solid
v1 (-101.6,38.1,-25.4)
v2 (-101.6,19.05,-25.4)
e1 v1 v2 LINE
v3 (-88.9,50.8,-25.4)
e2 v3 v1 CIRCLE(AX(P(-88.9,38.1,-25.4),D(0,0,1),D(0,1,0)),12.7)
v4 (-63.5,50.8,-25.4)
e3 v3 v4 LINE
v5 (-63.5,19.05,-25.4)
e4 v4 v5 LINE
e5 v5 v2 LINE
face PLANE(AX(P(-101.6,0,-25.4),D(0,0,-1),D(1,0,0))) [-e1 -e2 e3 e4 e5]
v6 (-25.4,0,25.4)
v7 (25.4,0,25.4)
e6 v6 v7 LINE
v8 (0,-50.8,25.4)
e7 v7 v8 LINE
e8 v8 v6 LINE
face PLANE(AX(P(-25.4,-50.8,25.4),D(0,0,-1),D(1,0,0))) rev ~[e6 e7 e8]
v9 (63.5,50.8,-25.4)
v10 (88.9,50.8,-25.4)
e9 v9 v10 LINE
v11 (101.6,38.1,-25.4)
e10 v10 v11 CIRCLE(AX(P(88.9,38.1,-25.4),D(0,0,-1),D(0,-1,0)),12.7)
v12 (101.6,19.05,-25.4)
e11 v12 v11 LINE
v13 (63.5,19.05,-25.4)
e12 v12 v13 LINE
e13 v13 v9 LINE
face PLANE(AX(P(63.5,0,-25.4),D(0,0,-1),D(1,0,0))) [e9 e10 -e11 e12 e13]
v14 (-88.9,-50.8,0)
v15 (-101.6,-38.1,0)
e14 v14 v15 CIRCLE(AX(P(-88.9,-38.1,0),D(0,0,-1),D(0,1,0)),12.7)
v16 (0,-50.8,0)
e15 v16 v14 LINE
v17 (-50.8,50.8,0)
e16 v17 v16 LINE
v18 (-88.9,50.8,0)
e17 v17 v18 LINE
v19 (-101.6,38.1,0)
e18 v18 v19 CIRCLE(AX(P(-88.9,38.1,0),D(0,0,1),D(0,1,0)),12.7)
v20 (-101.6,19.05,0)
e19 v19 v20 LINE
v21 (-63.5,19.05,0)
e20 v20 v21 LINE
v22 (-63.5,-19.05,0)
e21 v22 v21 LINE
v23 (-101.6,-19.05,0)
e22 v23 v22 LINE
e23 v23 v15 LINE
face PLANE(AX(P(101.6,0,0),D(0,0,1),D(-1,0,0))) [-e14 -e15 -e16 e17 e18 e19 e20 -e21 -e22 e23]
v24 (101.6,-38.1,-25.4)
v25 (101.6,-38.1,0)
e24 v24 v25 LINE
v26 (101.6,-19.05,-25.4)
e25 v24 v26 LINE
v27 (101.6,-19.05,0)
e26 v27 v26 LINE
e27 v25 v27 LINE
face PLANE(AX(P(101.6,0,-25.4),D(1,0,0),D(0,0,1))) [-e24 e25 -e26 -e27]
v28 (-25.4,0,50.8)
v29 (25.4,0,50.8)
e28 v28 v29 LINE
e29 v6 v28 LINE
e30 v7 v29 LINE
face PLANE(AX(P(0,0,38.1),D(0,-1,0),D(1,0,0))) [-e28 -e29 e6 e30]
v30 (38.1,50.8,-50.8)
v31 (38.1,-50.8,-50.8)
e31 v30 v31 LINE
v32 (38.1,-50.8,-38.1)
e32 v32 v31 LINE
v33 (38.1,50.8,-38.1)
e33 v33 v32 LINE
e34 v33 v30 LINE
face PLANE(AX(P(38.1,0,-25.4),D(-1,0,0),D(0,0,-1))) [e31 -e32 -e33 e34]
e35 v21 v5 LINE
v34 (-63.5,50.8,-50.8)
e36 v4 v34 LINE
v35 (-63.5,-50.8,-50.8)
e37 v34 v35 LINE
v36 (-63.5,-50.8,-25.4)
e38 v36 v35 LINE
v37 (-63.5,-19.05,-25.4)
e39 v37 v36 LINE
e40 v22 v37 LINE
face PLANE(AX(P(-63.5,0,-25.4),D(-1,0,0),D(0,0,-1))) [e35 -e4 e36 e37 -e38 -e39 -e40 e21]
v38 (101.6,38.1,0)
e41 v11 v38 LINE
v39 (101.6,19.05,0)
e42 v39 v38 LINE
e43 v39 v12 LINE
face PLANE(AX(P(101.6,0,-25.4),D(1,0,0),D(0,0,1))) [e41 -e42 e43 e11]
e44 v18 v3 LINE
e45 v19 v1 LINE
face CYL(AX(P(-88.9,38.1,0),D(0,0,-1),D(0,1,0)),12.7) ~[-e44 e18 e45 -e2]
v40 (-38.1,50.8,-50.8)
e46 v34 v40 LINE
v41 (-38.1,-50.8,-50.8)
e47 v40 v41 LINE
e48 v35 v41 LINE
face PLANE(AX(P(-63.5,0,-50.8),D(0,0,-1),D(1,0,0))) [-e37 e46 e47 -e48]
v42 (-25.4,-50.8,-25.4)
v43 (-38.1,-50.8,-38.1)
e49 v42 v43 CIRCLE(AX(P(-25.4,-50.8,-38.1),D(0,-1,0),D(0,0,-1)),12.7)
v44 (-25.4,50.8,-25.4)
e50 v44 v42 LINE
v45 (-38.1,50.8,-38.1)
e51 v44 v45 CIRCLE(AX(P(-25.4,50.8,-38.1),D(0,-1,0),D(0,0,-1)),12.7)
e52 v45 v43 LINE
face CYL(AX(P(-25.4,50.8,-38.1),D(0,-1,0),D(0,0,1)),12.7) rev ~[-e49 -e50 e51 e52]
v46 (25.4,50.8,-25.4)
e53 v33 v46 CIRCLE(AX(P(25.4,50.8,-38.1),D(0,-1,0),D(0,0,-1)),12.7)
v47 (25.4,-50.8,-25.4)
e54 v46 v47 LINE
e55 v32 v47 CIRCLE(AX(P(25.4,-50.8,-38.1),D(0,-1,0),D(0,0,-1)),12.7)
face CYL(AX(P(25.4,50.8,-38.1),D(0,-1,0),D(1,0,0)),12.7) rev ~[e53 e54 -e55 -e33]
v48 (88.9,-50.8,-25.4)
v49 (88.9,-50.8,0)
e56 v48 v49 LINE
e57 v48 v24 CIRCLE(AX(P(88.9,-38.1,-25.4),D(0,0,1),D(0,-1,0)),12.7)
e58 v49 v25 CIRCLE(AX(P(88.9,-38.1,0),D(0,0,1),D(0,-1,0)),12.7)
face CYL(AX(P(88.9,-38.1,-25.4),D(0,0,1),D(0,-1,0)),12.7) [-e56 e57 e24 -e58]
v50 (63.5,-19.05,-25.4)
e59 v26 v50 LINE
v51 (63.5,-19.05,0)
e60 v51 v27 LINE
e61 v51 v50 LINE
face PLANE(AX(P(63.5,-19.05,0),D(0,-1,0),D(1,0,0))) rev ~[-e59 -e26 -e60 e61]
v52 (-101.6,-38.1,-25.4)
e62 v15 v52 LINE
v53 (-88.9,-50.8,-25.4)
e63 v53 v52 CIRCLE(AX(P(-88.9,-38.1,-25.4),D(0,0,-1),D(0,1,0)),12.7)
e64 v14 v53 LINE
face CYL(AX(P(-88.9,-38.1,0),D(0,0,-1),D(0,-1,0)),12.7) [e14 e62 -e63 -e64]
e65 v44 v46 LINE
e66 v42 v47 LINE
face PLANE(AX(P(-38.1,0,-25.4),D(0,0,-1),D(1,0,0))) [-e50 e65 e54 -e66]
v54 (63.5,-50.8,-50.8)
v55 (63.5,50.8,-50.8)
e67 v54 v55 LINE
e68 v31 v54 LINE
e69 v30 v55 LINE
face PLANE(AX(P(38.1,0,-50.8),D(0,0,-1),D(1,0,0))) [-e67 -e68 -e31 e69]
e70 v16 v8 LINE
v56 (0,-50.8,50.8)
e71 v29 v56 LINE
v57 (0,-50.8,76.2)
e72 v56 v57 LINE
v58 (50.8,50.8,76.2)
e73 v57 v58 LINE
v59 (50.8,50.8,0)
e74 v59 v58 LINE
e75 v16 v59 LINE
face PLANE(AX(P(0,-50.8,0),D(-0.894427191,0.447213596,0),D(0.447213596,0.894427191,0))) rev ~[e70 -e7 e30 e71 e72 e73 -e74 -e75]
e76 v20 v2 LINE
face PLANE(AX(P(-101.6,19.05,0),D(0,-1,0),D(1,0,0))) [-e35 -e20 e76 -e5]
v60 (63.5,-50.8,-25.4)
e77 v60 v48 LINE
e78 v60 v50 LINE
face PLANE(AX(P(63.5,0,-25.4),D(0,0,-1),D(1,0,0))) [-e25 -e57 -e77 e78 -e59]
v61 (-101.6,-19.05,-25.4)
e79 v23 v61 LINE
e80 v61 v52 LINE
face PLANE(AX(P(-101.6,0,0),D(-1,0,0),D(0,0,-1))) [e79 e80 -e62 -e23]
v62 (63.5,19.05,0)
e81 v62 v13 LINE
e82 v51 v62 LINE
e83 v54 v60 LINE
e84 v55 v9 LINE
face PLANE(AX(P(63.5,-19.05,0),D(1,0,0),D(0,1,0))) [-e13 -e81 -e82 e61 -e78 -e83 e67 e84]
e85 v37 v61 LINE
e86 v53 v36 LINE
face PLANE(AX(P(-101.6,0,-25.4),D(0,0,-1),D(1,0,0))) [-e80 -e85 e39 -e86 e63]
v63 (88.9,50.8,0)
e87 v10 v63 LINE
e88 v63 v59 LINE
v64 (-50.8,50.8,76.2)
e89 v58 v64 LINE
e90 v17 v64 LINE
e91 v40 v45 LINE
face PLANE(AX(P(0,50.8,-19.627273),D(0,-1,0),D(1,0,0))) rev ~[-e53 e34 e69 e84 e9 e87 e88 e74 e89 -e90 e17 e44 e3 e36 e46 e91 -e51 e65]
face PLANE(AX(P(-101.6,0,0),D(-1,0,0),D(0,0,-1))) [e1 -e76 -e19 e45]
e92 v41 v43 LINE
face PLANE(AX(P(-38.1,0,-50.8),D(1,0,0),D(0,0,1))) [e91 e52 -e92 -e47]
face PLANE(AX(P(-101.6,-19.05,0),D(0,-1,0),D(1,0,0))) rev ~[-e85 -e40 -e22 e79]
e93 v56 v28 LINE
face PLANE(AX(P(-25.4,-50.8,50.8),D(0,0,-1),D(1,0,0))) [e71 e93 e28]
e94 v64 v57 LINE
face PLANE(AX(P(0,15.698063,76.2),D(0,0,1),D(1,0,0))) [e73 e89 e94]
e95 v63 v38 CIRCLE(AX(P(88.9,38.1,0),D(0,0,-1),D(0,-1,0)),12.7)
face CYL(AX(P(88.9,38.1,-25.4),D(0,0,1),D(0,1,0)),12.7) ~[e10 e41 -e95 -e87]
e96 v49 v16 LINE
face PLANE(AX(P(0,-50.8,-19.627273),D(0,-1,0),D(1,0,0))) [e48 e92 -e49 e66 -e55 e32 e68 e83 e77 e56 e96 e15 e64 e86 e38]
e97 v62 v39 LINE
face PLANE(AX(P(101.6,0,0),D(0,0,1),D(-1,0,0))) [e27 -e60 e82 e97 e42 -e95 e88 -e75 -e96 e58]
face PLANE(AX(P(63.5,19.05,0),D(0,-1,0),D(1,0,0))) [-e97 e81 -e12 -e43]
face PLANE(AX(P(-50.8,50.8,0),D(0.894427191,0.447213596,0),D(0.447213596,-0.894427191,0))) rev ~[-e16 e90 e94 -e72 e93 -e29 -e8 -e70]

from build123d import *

# Parameters (mm, degrees)
F1_DEPTH = 50.8
F3_DEPTH = 76.2
F2_W     = 38.1
F2_H     = 38.1
F4_DEPTH = 50.801
F5_W     = 50.8
F5_H     = 25.4
F6_DEPTH = 50.8
F7_R     = 12.7
F8_R     = 12.7


with BuildPart() as f1:
    # F0 (on Front) → F1 (new body, symmetric)
    with BuildSketch(Plane.XZ):
        Polygon((101.6, 0), (-101.6, 0), (-101.6, -25.4), (-63.5, -25.4), (-63.5, -50.8), (-38.1, -50.8), (-38.1, -25.4), (38.1, -25.4), (38.1, -50.8), (63.5, -50.8), (63.5, -25.4), (101.6, -25.4), align=None)
    extrude(amount=F1_DEPTH, both=True)

    # F2 (on face) → F3 (join)
    with BuildSketch(Plane.XY):
        Polygon((50.8, 50.8), (-50.8, 50.8), (0, -50.8), align=None)
    extrude(amount=F3_DEPTH)

    # F2 (on face) → F4 (cut, through all)
    with BuildSketch(Plane.XY):
        with Locations((82.55, 0)):
            Rectangle(F2_W, F2_H)
        with Locations((-82.55, 0)):
            Rectangle(F2_W, F2_H)
    extrude(amount=-F4_DEPTH, mode=Mode.SUBTRACT)

    # F5 (on face) → F6 (cut)
    with BuildSketch(Plane.XZ.offset(50.8)):
        with Locations((0, 38.1)):
            Rectangle(F5_W, F5_H)
    extrude(amount=-F6_DEPTH, mode=Mode.SUBTRACT)

    # F7
    f7_edges = [f1.edges().sort_by_distance(p)[0] for p in [
        (101.6, 50.8, -12.7),
        (101.6, -50.8, -12.7),
        (-101.6, -50.8, -12.7),
        (-101.6, 50.8, -12.7),
    ]]
    fillet(f7_edges, radius=F7_R)

    # F8
    f8_edges = [f1.edges().sort_by_distance(p)[0] for p in [
        (-38.1, 0, -25.4),
        (38.1, 0, -25.4),
    ]]
    fillet(f8_edges, radius=F8_R)


solid = f1.part
